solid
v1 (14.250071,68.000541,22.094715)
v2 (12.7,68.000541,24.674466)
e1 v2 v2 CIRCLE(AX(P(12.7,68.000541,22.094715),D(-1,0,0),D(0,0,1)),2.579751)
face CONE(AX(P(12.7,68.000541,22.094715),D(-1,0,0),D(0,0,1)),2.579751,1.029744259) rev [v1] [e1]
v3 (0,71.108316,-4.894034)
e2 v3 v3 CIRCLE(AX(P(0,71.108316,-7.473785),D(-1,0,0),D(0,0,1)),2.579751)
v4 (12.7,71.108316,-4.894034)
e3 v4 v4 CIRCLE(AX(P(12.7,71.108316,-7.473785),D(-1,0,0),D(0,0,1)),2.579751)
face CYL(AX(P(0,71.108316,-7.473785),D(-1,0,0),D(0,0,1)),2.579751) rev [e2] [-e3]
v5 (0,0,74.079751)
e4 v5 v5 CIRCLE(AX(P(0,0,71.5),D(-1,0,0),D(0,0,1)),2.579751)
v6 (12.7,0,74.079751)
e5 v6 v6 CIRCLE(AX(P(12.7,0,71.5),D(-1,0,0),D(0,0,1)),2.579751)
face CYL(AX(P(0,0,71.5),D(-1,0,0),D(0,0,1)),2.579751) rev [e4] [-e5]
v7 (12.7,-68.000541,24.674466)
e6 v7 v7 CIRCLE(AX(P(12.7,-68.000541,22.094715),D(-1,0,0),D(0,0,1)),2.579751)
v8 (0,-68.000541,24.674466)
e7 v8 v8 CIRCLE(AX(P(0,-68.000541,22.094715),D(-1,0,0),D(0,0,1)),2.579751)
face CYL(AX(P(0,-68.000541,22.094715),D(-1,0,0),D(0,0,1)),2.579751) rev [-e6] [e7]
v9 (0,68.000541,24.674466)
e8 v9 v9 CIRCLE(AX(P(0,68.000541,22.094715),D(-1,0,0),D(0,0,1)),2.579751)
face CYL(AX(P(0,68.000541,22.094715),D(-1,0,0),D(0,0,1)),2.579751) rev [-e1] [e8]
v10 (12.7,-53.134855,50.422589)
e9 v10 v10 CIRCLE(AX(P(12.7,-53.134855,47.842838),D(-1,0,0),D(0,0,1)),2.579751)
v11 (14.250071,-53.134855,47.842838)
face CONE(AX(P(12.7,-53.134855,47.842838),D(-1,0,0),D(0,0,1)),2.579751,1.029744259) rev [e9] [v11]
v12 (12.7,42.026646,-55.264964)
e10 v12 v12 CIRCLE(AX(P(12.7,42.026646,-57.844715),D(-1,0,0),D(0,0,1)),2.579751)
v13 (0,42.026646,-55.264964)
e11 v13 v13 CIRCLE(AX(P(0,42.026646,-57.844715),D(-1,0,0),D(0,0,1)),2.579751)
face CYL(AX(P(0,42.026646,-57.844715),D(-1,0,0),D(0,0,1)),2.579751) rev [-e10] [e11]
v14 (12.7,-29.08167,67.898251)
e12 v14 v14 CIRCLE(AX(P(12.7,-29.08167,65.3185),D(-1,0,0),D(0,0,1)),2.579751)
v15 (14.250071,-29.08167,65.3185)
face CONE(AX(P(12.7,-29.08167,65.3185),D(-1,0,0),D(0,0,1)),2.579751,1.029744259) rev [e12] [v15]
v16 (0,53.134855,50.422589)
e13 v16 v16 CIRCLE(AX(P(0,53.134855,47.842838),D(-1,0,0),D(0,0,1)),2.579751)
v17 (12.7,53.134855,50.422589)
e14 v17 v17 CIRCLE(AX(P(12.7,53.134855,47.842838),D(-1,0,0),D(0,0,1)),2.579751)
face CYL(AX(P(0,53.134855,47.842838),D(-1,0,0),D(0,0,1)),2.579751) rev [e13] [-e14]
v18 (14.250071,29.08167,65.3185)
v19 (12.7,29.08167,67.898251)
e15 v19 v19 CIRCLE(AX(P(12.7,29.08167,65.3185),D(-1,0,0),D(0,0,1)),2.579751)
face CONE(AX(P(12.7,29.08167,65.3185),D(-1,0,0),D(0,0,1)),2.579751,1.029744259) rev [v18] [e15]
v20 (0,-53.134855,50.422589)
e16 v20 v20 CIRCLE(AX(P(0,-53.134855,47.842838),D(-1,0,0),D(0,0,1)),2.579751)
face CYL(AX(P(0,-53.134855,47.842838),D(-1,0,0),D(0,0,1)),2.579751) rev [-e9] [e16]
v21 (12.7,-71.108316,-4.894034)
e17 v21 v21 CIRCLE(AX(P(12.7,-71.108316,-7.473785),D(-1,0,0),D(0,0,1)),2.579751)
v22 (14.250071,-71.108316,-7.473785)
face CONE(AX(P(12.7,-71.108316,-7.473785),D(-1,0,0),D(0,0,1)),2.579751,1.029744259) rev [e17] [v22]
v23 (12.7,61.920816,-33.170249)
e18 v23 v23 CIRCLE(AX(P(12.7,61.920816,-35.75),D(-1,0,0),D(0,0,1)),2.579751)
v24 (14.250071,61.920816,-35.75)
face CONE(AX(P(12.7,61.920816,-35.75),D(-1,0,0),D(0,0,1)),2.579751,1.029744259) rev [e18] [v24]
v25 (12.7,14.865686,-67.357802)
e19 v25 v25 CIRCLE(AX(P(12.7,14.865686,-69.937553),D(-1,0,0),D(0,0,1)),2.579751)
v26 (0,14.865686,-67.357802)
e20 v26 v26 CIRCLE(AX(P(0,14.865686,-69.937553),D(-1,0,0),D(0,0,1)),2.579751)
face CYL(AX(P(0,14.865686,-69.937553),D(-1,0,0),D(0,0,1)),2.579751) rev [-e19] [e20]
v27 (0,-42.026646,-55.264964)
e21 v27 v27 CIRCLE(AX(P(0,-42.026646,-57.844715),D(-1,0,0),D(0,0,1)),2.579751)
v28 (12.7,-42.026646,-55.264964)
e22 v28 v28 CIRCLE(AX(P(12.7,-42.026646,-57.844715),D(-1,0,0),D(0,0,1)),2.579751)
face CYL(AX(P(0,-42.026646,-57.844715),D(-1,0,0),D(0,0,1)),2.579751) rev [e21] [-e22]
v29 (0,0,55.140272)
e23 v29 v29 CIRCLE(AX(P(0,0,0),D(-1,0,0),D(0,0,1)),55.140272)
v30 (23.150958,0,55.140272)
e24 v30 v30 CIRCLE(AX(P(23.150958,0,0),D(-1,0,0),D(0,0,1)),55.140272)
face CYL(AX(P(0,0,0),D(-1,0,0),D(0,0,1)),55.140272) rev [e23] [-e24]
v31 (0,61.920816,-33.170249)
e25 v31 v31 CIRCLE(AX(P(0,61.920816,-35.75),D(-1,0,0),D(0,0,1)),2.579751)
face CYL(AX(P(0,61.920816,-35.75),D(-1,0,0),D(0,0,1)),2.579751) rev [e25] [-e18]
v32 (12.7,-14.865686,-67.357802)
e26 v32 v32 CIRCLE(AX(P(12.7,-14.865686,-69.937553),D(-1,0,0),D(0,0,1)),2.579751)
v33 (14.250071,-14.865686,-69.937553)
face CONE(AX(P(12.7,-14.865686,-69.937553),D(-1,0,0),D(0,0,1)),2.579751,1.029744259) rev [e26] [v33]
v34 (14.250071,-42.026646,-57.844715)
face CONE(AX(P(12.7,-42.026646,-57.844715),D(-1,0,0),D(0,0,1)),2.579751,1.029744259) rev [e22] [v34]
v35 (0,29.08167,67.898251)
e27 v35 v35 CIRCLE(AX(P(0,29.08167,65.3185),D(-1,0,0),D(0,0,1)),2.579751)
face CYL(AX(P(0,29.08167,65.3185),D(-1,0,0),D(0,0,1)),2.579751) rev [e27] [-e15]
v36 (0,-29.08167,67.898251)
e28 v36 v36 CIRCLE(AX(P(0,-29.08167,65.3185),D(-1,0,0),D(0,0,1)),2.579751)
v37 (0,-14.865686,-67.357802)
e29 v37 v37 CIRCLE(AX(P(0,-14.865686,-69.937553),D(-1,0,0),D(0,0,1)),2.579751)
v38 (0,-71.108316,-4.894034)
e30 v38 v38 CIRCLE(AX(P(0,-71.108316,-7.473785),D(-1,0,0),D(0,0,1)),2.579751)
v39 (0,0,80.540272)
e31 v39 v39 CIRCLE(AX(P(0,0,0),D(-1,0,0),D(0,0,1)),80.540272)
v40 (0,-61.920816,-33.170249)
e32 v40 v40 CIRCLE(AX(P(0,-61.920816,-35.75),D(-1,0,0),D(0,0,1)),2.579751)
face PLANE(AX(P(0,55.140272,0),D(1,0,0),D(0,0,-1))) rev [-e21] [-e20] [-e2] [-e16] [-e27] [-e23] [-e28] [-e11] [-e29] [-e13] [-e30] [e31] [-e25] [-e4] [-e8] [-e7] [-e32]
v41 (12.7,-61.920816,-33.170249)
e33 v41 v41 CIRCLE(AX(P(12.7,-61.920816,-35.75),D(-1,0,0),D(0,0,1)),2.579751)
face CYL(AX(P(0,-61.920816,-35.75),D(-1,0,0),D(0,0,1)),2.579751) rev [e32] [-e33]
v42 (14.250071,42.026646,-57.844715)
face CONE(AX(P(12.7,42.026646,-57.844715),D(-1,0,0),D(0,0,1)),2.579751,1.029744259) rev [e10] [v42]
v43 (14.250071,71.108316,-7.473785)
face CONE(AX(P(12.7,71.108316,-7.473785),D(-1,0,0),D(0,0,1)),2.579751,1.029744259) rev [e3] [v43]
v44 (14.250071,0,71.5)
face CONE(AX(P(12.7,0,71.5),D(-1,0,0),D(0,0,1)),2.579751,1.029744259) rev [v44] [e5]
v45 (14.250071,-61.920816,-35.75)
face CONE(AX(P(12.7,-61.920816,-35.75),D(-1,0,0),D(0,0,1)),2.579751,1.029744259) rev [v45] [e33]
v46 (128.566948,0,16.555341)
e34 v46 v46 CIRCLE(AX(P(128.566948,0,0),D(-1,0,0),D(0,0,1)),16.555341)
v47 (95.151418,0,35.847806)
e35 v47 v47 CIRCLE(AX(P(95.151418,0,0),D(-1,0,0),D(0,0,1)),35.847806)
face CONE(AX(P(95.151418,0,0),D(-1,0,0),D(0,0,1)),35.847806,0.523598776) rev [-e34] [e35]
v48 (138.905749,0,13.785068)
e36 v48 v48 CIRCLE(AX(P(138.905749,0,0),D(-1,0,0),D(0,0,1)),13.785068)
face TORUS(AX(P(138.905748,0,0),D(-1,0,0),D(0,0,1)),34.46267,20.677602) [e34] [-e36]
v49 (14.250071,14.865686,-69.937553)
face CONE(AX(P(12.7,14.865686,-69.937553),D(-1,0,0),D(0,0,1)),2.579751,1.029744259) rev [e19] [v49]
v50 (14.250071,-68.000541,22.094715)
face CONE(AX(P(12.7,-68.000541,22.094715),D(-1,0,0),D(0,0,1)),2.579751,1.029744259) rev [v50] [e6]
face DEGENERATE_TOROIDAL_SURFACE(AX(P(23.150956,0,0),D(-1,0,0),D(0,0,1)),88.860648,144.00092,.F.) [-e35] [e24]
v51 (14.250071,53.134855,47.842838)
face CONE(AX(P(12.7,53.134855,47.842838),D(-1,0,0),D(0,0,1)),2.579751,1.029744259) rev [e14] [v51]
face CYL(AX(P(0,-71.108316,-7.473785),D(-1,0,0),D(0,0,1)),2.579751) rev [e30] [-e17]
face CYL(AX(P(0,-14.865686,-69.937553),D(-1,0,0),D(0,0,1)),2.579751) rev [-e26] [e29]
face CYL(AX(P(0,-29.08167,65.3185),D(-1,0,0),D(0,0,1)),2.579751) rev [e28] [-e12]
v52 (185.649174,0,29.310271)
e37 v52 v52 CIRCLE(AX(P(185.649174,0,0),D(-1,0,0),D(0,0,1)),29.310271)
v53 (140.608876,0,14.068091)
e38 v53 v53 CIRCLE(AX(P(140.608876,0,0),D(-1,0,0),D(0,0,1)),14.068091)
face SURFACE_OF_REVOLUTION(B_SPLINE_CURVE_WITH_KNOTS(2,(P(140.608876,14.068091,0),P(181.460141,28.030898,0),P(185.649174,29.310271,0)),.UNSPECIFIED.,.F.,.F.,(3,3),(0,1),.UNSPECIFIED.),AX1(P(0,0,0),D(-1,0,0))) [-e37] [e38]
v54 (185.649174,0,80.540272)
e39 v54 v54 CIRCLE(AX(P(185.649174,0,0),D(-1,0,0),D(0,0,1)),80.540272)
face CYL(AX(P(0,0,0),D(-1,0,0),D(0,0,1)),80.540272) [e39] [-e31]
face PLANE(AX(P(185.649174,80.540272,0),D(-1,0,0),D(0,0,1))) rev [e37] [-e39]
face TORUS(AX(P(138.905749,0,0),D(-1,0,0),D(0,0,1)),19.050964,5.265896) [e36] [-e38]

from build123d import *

# Parameters (mm, degrees)
CIRPATTERN1_COUNT = 15


with BuildPart() as part:
    # Model → Revolve1 (revolve)
    with BuildSketch(Plane.XY, mode=Mode.PRIVATE) as revolve1_sk:
        with BuildLine():
            Line((0, 55.140272), (23.150958, 55.140272))
            ThreePointArc((23.150958, 55.140272), (60.421138671, 50.233559208), (95.151418, 35.847806))
            Line((95.151418, 35.847806), (128.566947896, 16.55534082))
            ThreePointArc((128.566947896, 16.55534082), (133.553991718, 14.489639839), (138.905748896, 13.78506782))
            ThreePointArc((138.905748896, 13.78506782), (139.768990342, 13.856305516), (140.608875713, 14.068091181))
            add(Edge.make_bspline(
                [(140.608875713, 14.068091181), (181.460140896, 28.03089782), (185.649173896, 29.31027082)],
                knots=[0, 0, 0, 1, 1, 1], degree=2))
            Line((185.649173896, 29.31027082), (185.649173896, 80.540272))
            Line((185.649173896, 80.540272), (0, 80.540272))
            Line((0, 80.540272), (0, 55.140272))
        make_face()
    revolve(revolve1_sk.sketch.rotate(Axis((0, 0, 0), (1, 0, 0)), 90), axis=Axis((0, 0, 0), (1, 0, 0)))

    # Sketch3 → 13/64 (0.20313) Diameter Hole1 (revolve, cut)
    with BuildSketch(Plane(origin=(0, 0, 71.5), x_dir=(0, 0, 1), z_dir=(0, 1, 0))):
        Polygon((0, 0), (0, 14.250070783), (2.579751, 12.7), (2.579751, 0), align=None)
    f_13_64_0_20313_diameter_hole1 = revolve(axis=Axis((-6.35, 0, 71.5), (1, 0, 0)), mode=Mode.SUBTRACT)

    # CirPattern1: 13/64 (0.20313) Diameter Hole1 ×15 about axis
    cirpattern1_axis = Axis((0, 0, 0), (1, 0, 0))
    for i in range(1, CIRPATTERN1_COUNT):
        add(f_13_64_0_20313_diameter_hole1.rotate(cirpattern1_axis, i * 360 / CIRPATTERN1_COUNT), mode=Mode.SUBTRACT)


solid = part.part
